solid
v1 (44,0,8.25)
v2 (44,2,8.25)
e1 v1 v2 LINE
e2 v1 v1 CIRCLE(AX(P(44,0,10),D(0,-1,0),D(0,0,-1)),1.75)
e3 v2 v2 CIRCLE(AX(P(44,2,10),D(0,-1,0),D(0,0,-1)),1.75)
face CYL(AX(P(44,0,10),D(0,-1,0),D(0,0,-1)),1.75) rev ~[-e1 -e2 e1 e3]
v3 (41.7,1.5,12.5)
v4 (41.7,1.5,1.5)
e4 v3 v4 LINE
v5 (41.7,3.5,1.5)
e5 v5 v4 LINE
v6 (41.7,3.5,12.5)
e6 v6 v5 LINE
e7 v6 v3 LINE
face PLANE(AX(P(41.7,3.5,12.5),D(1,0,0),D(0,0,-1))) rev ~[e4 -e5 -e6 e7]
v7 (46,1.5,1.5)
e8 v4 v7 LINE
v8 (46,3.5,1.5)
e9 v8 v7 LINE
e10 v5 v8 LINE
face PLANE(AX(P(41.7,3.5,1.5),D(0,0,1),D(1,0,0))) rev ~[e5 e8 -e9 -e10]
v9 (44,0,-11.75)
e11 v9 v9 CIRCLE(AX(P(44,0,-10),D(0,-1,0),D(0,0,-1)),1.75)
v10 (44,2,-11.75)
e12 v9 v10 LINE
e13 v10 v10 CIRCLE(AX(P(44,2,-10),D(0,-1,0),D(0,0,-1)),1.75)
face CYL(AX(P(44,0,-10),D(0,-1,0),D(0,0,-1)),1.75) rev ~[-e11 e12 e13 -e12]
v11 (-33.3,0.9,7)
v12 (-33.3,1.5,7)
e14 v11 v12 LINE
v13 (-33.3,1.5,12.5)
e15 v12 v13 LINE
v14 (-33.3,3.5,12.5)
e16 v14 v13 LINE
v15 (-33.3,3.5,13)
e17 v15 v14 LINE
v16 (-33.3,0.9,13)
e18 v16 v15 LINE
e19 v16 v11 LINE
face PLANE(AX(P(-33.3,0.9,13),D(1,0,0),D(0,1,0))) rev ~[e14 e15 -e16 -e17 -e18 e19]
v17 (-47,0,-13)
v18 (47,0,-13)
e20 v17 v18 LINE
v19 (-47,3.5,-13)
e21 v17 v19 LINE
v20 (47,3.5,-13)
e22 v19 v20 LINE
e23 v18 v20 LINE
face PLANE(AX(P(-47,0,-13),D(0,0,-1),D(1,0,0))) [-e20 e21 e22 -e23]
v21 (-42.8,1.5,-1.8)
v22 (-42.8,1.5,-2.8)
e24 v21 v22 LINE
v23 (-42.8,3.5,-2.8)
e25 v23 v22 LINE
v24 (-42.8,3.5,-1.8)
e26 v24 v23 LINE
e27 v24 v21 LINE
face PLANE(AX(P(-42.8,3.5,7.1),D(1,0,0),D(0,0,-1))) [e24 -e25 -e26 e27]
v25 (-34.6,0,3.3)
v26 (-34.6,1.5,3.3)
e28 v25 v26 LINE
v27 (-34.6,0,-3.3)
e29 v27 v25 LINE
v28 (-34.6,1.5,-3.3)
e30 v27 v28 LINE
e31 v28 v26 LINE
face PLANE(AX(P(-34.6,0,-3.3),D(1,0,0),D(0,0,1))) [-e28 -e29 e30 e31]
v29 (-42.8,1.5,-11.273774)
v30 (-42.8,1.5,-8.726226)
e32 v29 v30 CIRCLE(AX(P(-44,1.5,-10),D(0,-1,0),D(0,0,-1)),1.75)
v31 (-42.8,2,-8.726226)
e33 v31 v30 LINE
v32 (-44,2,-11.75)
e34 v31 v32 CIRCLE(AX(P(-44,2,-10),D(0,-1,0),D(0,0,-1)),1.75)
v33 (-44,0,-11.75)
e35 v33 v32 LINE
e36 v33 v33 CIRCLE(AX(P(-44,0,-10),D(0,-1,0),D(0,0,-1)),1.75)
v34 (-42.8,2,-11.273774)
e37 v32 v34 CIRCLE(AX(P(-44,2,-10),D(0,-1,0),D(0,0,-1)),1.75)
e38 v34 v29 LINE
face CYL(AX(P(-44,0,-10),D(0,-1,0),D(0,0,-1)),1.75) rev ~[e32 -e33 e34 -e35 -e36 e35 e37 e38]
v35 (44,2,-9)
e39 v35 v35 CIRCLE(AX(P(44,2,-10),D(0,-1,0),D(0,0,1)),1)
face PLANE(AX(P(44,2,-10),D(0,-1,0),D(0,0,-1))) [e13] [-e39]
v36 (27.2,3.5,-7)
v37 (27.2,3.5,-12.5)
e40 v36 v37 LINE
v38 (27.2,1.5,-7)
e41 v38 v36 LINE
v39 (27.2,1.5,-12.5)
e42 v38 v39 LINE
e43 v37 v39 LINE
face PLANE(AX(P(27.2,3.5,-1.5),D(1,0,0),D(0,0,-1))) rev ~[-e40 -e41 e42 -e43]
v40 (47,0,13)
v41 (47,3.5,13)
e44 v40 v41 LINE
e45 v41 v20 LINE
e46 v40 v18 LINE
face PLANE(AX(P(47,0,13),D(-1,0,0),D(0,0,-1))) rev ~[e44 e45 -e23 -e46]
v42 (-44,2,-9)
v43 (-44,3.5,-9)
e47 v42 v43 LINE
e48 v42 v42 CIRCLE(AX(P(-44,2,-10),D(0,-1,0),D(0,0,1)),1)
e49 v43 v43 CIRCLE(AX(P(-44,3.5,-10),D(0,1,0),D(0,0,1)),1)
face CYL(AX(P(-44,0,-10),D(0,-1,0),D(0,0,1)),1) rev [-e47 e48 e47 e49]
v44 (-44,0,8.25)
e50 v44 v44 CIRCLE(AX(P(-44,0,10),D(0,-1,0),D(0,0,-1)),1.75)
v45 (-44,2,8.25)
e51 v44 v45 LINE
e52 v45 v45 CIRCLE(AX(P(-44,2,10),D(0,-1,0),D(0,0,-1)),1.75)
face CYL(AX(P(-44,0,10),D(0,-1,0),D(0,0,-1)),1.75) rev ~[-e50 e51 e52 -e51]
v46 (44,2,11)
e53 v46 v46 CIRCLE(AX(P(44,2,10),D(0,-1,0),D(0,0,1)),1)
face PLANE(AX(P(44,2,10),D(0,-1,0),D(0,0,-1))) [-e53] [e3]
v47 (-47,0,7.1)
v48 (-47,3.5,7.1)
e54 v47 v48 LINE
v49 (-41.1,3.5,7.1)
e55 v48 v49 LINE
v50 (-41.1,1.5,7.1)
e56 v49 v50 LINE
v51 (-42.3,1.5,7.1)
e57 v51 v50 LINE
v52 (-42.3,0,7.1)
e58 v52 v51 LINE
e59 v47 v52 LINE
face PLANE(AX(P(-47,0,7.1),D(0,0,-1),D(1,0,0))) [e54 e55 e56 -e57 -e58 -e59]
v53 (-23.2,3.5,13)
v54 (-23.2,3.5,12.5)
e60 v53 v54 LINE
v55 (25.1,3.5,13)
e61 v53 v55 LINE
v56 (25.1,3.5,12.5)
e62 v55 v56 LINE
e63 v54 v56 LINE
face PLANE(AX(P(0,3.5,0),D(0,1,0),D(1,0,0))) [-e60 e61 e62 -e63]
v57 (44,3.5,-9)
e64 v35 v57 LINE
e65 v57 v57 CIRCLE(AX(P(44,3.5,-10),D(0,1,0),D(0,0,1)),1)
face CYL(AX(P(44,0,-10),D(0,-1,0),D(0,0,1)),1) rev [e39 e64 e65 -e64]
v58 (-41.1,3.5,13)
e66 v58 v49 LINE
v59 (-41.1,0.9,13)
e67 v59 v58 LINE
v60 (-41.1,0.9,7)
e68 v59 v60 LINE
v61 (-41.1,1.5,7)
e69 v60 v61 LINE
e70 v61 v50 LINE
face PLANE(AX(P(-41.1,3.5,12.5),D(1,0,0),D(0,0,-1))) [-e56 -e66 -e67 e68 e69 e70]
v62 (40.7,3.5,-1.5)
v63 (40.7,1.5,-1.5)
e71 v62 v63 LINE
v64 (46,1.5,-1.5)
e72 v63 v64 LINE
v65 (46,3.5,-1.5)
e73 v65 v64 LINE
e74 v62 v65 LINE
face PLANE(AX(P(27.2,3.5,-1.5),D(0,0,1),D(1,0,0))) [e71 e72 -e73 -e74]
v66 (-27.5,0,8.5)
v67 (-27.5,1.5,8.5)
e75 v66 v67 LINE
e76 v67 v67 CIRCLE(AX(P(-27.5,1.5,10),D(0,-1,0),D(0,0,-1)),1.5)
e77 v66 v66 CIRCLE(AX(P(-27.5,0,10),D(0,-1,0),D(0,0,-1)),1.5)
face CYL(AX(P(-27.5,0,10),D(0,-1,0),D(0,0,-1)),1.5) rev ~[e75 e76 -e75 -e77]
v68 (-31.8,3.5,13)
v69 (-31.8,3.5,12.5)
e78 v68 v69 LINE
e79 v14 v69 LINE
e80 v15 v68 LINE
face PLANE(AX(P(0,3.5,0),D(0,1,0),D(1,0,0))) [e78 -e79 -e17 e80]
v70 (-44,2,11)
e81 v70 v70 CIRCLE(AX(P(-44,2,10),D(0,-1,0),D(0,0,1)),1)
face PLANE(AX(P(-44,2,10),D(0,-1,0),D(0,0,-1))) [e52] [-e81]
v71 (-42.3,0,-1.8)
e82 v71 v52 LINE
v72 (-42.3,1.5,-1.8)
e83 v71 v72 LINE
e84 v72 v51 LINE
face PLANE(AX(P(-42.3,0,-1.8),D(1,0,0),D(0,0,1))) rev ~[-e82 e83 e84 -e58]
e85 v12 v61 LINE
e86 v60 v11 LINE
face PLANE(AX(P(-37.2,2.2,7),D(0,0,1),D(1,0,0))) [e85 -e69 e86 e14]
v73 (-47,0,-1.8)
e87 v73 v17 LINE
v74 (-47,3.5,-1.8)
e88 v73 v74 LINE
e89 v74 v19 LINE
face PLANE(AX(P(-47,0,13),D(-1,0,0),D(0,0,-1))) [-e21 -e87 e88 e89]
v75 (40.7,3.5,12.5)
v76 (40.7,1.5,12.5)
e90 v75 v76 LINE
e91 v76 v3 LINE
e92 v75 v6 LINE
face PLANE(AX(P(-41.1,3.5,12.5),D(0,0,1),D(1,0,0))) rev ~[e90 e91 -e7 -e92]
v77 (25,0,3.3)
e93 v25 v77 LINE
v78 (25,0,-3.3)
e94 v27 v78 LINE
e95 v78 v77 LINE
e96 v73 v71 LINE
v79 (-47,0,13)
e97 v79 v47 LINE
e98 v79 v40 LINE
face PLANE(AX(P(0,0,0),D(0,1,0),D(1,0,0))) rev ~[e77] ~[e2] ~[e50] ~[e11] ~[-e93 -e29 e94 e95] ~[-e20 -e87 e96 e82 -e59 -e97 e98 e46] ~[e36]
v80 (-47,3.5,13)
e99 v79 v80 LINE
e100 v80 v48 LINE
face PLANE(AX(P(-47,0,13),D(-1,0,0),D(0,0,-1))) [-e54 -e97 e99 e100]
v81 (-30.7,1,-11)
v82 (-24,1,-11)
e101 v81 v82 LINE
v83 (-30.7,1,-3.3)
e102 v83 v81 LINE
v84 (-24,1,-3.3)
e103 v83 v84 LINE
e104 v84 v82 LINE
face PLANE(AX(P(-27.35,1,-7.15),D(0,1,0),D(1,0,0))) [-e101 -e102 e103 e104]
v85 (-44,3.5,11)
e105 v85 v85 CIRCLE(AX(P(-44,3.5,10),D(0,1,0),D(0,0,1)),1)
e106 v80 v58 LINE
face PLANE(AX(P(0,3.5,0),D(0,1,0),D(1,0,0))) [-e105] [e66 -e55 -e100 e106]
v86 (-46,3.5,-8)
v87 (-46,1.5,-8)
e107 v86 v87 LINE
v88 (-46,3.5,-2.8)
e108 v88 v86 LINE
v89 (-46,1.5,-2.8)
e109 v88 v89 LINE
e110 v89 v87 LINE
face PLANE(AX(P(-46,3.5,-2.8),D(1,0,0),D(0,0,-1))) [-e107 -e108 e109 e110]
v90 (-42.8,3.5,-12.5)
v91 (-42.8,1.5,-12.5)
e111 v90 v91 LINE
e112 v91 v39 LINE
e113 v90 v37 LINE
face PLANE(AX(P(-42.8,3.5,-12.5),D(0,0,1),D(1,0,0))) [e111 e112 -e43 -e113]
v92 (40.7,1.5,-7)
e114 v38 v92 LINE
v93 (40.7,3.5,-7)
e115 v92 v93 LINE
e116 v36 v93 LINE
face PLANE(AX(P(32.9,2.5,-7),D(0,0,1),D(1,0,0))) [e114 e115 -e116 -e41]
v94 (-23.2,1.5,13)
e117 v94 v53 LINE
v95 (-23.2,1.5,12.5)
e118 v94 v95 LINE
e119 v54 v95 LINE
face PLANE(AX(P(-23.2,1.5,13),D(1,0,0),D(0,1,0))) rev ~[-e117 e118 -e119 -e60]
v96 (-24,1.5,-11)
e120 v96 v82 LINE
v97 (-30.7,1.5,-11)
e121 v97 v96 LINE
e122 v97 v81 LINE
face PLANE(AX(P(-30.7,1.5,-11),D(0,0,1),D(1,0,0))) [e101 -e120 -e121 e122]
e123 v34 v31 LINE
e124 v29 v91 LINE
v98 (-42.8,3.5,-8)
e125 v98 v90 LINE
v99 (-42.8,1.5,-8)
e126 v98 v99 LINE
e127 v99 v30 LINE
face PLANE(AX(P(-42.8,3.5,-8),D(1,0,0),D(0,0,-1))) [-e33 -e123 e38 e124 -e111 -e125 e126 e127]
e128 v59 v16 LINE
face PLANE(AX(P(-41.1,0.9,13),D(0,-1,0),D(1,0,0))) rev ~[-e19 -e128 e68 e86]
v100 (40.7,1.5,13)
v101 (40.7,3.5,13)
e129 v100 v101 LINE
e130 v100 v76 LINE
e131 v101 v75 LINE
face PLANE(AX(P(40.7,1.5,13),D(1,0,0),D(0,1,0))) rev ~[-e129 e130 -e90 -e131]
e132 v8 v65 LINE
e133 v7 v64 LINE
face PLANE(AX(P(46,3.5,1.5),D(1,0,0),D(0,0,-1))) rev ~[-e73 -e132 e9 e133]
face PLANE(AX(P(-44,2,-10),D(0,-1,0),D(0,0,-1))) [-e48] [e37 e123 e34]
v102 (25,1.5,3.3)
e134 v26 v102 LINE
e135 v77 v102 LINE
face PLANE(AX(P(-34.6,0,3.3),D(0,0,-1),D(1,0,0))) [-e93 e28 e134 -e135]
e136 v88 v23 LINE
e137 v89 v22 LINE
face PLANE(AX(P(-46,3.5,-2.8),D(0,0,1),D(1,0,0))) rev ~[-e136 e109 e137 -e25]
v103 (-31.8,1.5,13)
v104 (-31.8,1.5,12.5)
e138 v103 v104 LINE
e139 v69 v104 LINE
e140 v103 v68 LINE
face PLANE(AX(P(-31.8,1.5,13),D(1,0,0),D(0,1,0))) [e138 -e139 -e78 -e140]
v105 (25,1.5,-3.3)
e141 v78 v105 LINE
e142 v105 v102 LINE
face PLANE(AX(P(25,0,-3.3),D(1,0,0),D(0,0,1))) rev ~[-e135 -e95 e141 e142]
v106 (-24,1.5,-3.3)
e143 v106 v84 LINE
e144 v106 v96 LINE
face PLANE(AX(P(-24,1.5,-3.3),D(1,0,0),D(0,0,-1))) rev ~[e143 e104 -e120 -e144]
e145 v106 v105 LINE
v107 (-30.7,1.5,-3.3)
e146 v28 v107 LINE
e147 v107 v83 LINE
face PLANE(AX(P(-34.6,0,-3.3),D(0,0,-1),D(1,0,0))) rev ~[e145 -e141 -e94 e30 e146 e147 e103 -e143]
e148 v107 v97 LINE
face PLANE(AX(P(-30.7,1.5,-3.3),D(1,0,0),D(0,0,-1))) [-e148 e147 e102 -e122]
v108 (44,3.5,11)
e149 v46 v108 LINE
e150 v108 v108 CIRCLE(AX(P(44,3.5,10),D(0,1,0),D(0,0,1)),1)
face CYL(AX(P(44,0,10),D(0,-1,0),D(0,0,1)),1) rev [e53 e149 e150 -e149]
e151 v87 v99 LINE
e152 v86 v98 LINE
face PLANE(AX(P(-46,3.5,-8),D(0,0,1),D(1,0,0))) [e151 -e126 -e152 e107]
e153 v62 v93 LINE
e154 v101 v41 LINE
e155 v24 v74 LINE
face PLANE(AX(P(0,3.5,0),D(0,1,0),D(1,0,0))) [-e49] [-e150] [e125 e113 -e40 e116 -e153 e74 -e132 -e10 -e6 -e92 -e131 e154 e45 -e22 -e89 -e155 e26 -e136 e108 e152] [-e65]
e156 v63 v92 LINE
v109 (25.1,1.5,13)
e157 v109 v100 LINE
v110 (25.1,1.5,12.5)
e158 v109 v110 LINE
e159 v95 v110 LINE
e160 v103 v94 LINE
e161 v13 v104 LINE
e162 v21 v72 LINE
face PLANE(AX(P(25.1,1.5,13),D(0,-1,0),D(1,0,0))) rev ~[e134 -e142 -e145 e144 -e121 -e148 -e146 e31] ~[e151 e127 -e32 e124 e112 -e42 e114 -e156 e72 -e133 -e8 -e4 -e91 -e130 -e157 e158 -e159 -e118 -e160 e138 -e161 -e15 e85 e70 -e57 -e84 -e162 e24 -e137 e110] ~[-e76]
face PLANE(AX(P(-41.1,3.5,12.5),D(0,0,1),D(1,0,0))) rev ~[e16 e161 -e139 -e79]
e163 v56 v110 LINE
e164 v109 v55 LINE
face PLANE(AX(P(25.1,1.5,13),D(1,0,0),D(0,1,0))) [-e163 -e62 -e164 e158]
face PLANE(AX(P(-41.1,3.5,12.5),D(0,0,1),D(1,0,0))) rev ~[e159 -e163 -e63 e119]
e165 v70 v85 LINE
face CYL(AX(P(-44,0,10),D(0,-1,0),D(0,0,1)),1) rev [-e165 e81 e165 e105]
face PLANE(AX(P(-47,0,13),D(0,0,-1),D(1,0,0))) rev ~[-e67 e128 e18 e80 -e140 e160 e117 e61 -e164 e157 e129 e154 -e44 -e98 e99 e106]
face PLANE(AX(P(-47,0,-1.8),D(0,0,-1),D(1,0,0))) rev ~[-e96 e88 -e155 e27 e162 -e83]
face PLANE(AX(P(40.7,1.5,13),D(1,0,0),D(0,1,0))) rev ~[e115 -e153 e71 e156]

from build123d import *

# Parameters (mm, degrees)
SKETCH_1_W           = 94
SKETCH_1_H           = 26
SKETCH_1_R           = 1
EXTRUDE_1_DEPTH      = 3.5
SKETCH_2_W           = 4.7
SKETCH_2_H           = 8.9
SKETCH_2_W_2         = 59.6
SKETCH_2_H_2         = 6.6
CUT_EXTRUDE_1_DEPTH  = 49.890183064
SKETCH_3_R           = 1.5
CUT_EXTRUDE_2_DEPTH  = 49.890183064
SKETCH_4_R           = 1.75
CUT_EXTRUDE_3_DEPTH  = 2
SKETCH_5_W           = 7.8
SKETCH_5_H           = 2.6
SKETCH_5_W_2         = 8.6
SKETCH_5_H_2         = 2
CUT_EXTRUDE_4_DEPTH  = 6
SKETCH_5_3_W         = 15.6
SKETCH_5_3_H         = 2
CUT_EXTRUDE_5_DEPTH  = 20
SKETCH_6_W           = 70
SKETCH_6_H           = 19.6
SKETCH_6_W_2         = 18.8
SKETCH_6_H_2         = 3
SKETCH_6_W_3         = 82.8
SKETCH_6_H_3         = 11
SKETCH_6_W_4         = 3.2
SKETCH_6_H_4         = 5.2
CUT_EXTRUDE_12_DEPTH = 2
SKETCH_7_W           = 6.7
SKETCH_7_H           = 7.7
CUT_EXTRUDE_13_DEPTH = 0.5


with BuildPart() as part:
    # 草图1 → 凸台-拉伸1 (new body)
    with BuildSketch(Plane(origin=(0, 0, 0), x_dir=(1, 0, 0), z_dir=(0, 1, 0))):
        Rectangle(SKETCH_1_W, SKETCH_1_H)
        with Locations(Location((-44, 10, 0), (0, 0, 270))):
            Circle(SKETCH_1_R, mode=Mode.SUBTRACT)
        with Locations(Location((-44, -10, 0), (0, 0, 270))):
            Circle(SKETCH_1_R, mode=Mode.SUBTRACT)
        with Locations(Location((44, 10, 0), (0, 0, 270))):
            Circle(SKETCH_1_R, mode=Mode.SUBTRACT)
        with Locations(Location((44, -10, 0), (0, 0, 270))):
            Circle(SKETCH_1_R, mode=Mode.SUBTRACT)
    extrude(amount=EXTRUDE_1_DEPTH)

    # 草图2 → 切除-拉伸1 (cut, through all)
    with BuildSketch(Plane.XZ):
        with Locations((-44.65, 2.65)):
            Rectangle(SKETCH_2_W, SKETCH_2_H)
        with Locations((-4.8, 0)):
            Rectangle(SKETCH_2_W_2, SKETCH_2_H_2)
    extrude(amount=-CUT_EXTRUDE_1_DEPTH, mode=Mode.SUBTRACT)

    # 草图3 → 切除-拉伸2 (cut, through all)
    with BuildSketch(Plane(origin=(0, 0, 0), x_dir=(-1, 0, 0), z_dir=(0, -1, 0))):
        with Locations(Location((27.5, -10, 0), (0, 0, 90))):
            Circle(SKETCH_3_R)
    extrude(amount=-CUT_EXTRUDE_2_DEPTH, mode=Mode.SUBTRACT)

    # 草图4 → 切除-拉伸3 (cut)
    with BuildSketch(Plane.XZ):
        with Locations(Location((-44, 10, 0), (0, 0, 270))):
            Circle(SKETCH_4_R)
        with Locations(Location((-44, -10, 0), (0, 0, 270))):
            Circle(SKETCH_4_R)
        with Locations(Location((44, 10, 0), (0, 0, 270))):
            Circle(SKETCH_4_R)
        with Locations(Location((44, -10, 0), (0, 0, 270))):
            Circle(SKETCH_4_R)
    extrude(amount=-CUT_EXTRUDE_3_DEPTH, mode=Mode.SUBTRACT)

    # 草图5 → 切除-拉伸4 (cut)
    with BuildSketch(Plane.XY.offset(13)):
        with Locations((-37.2, 2.2)):
            Rectangle(SKETCH_5_W, SKETCH_5_H)
        with Locations((-27.5, 2.5)):
            Rectangle(SKETCH_5_W_2, SKETCH_5_H_2)
    extrude(amount=-CUT_EXTRUDE_4_DEPTH, mode=Mode.SUBTRACT)

    # 草图5<3> → 切除-拉伸5 (cut)
    with BuildSketch(Plane.XY.offset(13)):
        with Locations((32.9, 2.5)):
            Rectangle(SKETCH_5_3_W, SKETCH_5_3_H)
    extrude(amount=-CUT_EXTRUDE_5_DEPTH, mode=Mode.SUBTRACT)

    # 草图6 → 切除-拉伸12 (cut)
    with BuildSketch(Plane(origin=(0, 3.5, 0), x_dir=(1, 0, 0), z_dir=(0, 1, 0))):
        with Locations((-7.8, 2.7)):
            Rectangle(SKETCH_6_W, SKETCH_6_H)
        with Locations((36.6, 0)):
            Rectangle(SKETCH_6_W_2, SKETCH_6_H_2)
        with Locations((0.3, -7)):
            Rectangle(SKETCH_6_W_3, SKETCH_6_H_3)
        with Locations((-44.4, 5.4)):
            Rectangle(SKETCH_6_W_4, SKETCH_6_H_4)
    extrude(amount=-CUT_EXTRUDE_12_DEPTH, mode=Mode.SUBTRACT)

    # 草图7 → 切除-拉伸13 (cut)
    with BuildSketch(Plane(origin=(0, 1.5, 0), x_dir=(1, 0, 0), z_dir=(0, 1, 0))):
        with Locations((-27.35, 7.15)):
            Rectangle(SKETCH_7_W, SKETCH_7_H)
    extrude(amount=-CUT_EXTRUDE_13_DEPTH, mode=Mode.SUBTRACT)


solid = part.part
